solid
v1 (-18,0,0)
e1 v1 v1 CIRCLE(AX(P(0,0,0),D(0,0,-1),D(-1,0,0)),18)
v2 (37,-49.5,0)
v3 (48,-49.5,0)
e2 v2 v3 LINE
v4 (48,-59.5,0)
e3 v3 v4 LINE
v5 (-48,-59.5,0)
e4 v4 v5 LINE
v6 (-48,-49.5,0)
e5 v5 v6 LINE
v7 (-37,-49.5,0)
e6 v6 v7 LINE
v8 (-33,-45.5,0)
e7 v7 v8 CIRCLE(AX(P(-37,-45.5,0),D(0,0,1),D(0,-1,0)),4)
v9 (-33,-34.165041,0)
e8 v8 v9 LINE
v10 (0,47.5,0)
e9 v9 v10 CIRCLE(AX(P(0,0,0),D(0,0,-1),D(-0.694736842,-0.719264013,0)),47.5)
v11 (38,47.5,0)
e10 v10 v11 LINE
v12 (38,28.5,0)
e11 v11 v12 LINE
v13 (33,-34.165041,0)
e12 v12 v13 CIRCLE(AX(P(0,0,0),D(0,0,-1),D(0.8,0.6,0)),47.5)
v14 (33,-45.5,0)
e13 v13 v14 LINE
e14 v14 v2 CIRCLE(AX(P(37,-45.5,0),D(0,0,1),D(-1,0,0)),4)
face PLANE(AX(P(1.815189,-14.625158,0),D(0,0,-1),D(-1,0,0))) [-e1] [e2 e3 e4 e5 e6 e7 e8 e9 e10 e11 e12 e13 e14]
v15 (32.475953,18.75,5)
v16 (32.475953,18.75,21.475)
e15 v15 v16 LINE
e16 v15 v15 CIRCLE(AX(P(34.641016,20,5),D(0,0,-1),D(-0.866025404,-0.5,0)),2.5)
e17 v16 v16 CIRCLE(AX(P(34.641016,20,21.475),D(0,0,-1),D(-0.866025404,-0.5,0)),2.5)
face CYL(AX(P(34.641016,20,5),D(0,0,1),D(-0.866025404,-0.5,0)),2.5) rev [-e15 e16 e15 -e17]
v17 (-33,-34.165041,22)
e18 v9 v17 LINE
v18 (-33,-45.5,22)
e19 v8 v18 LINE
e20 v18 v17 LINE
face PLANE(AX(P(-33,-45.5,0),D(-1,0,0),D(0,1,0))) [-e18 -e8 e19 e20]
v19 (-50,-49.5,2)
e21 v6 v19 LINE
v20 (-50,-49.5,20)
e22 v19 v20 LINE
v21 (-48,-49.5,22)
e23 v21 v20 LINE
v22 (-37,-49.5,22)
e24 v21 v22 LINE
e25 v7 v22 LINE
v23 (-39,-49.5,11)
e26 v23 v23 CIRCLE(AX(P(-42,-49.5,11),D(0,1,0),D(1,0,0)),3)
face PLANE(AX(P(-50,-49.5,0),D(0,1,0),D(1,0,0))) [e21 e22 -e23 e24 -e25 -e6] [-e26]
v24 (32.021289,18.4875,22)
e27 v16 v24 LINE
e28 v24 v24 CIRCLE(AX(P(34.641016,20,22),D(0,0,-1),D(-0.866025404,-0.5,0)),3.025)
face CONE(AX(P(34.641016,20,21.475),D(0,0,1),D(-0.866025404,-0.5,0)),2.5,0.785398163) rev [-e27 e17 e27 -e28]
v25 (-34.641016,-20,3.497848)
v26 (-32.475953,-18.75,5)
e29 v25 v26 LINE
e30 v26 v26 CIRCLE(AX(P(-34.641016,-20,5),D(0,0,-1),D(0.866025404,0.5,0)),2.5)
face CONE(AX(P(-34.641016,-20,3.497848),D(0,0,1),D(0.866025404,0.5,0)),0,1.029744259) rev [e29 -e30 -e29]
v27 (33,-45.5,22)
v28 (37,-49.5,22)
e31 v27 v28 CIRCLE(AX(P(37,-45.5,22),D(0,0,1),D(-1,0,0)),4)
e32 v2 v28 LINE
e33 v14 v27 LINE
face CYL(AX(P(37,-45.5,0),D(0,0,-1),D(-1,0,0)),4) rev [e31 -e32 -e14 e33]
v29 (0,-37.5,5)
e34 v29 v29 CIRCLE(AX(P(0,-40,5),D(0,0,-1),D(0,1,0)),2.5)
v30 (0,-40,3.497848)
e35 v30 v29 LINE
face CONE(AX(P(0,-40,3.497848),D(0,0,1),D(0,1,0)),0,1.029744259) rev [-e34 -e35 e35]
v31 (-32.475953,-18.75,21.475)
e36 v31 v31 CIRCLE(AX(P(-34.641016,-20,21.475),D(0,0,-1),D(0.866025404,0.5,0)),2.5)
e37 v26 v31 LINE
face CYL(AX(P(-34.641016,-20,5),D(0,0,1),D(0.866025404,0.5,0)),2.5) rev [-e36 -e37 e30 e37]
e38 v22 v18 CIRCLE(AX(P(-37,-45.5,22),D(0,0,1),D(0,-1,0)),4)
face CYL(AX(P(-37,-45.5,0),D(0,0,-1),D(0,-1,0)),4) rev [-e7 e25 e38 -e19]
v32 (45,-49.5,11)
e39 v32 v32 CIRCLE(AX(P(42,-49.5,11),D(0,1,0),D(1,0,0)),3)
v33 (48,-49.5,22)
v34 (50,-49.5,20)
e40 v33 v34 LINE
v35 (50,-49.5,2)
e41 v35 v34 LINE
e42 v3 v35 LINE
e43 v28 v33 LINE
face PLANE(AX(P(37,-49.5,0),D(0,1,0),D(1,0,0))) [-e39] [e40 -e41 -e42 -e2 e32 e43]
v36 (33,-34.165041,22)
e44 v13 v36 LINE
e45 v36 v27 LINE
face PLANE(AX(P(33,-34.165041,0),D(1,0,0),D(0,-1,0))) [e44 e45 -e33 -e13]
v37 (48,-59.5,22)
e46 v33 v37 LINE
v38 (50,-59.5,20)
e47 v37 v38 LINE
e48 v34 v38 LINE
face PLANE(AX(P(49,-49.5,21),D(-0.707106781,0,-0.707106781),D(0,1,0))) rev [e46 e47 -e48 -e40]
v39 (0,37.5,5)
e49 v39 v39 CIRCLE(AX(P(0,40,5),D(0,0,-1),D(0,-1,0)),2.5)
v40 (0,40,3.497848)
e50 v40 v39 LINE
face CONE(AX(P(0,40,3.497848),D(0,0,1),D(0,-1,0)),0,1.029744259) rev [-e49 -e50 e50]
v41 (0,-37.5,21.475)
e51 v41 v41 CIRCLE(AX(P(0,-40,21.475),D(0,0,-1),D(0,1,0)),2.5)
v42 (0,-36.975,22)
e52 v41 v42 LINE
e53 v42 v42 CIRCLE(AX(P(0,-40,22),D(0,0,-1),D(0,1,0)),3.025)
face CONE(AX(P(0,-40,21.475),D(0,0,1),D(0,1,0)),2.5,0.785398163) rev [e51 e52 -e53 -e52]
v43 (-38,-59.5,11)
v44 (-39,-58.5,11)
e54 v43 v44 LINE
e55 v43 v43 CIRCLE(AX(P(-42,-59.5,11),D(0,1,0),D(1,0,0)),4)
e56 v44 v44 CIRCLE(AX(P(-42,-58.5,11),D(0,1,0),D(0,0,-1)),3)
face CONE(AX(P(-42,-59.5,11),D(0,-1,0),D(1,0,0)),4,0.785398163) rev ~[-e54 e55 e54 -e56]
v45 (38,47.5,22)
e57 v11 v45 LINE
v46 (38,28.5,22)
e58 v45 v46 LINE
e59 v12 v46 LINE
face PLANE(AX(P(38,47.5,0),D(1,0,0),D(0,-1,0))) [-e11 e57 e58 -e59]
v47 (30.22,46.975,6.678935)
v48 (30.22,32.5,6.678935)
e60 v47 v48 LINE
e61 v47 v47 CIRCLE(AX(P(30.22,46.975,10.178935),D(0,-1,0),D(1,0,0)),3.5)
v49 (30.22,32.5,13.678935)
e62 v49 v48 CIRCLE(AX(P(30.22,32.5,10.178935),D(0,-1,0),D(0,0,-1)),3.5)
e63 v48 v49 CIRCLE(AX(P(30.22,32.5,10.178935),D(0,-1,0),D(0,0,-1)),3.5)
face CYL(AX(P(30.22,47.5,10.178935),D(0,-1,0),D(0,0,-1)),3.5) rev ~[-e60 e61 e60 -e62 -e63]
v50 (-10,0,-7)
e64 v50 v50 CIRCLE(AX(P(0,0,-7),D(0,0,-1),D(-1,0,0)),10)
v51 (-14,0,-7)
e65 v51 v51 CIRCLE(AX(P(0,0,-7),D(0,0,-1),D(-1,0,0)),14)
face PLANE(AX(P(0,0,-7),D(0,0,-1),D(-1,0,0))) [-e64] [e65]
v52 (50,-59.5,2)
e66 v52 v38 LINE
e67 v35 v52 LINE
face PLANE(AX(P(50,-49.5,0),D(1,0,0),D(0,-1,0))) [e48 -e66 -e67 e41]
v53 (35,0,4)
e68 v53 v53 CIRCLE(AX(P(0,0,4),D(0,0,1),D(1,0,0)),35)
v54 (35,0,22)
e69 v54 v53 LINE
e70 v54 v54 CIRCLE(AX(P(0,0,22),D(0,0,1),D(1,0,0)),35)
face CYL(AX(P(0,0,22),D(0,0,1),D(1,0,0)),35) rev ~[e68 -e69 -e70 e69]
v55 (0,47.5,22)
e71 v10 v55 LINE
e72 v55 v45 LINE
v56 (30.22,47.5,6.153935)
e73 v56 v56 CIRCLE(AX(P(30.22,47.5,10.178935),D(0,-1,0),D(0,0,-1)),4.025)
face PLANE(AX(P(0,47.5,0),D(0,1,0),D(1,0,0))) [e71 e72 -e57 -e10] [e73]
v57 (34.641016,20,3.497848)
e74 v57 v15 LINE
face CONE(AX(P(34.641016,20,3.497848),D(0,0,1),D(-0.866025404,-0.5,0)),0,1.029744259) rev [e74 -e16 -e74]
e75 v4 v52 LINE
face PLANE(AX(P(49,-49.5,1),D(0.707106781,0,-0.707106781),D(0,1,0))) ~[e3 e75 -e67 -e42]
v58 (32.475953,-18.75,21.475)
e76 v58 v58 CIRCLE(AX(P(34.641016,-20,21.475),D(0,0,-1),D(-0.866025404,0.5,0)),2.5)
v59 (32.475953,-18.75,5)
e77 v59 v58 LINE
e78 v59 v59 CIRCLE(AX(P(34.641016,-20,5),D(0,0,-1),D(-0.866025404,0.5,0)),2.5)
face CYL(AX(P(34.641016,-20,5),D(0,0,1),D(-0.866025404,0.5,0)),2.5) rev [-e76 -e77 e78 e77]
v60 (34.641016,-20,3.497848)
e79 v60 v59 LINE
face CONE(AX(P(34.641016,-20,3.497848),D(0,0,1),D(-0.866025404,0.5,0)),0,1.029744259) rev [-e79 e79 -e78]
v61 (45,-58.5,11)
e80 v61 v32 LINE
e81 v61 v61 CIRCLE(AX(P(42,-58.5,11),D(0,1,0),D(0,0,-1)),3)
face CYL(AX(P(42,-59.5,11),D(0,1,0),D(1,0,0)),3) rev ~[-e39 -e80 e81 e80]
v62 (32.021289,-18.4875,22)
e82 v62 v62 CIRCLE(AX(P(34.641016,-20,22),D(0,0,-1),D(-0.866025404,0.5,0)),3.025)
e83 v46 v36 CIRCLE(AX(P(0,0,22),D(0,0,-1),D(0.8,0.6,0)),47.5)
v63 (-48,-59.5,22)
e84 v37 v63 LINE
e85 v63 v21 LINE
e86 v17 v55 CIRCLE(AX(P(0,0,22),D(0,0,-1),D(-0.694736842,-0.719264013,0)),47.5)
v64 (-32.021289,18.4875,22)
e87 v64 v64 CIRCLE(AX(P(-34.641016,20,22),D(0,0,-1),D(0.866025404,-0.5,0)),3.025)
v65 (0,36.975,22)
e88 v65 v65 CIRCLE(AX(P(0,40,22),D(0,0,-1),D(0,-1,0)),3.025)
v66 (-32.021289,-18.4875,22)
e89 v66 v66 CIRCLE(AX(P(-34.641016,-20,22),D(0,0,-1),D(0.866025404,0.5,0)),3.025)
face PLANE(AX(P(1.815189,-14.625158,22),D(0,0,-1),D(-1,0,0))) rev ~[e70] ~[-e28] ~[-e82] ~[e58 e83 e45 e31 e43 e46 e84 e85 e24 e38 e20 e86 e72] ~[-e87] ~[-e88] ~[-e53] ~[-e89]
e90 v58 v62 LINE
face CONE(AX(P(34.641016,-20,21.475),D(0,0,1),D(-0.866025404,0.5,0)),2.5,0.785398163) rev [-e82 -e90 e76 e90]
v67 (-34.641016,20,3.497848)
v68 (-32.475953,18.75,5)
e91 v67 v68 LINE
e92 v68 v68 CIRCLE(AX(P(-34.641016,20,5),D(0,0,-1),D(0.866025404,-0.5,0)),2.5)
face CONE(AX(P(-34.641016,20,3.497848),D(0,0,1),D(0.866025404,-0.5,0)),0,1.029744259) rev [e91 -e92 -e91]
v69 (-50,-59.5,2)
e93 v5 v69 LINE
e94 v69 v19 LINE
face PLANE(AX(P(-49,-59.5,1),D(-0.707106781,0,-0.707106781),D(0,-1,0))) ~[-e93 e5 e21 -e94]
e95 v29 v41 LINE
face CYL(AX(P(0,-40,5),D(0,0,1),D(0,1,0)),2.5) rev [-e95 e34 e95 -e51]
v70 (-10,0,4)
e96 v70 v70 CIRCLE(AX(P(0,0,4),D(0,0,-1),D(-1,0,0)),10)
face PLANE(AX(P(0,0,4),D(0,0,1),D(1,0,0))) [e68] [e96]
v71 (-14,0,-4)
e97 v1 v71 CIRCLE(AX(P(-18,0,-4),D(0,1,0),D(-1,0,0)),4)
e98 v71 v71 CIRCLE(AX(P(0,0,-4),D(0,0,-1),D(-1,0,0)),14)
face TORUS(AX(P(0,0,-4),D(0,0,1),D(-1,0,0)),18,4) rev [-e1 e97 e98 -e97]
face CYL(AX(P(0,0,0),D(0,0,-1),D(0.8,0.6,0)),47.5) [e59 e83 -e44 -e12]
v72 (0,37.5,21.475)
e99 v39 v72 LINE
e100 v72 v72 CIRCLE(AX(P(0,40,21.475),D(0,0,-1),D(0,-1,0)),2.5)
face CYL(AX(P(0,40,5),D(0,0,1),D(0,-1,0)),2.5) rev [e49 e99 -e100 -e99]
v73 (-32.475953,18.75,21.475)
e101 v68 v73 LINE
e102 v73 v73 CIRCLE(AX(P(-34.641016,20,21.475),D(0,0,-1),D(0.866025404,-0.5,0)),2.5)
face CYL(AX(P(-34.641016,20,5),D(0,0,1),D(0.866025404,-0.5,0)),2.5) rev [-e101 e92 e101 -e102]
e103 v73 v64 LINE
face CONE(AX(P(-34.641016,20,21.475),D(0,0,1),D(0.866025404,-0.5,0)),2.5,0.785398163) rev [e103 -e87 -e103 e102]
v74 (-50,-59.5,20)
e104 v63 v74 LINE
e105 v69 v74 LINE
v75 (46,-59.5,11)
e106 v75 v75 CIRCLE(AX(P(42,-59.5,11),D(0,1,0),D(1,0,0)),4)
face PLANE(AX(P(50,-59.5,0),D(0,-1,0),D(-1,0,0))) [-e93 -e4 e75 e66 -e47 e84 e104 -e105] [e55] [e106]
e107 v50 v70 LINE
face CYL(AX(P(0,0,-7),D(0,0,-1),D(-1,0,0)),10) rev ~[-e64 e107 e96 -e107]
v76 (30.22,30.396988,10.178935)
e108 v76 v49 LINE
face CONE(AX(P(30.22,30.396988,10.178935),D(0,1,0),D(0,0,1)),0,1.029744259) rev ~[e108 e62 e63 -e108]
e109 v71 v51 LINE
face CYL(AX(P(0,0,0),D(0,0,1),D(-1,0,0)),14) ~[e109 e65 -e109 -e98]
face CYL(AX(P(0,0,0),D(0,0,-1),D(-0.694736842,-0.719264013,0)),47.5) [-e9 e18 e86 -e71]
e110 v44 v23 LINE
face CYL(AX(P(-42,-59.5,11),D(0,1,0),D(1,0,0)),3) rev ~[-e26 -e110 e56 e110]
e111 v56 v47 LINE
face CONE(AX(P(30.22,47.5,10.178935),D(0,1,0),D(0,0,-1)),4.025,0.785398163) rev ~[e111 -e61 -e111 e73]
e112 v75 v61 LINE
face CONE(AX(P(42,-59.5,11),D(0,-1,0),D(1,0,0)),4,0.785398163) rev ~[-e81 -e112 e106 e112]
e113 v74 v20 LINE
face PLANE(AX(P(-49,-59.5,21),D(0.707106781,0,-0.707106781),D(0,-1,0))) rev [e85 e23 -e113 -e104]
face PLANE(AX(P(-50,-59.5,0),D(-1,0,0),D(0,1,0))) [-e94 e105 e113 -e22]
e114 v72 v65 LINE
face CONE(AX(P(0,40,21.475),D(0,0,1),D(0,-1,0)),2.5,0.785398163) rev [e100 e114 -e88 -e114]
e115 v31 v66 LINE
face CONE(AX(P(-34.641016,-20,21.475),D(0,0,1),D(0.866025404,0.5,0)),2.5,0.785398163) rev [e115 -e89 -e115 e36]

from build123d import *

# Parameters (mm, degrees)
BOSS_EXTRUDE2_DEPTH                                 = 22
SKETCH6_R                                           = 35
CUT_EXTRUDE2_DEPTH                                  = 18
CHAMFER2_SIZE                                       = 2
CIRPATTERN2_COUNT                                   = 6
M8X1_0_TAPPED_HOLE1_D                               = 7
M8X1_0_TAPPED_HOLE1_DEPTH                           = 15
M8X1_0_TAPPED_HOLE1_CSINK_D                         = 8.05
M8X1_0_TAPPED_HOLE1_CSINK_ANGLE                     = 90
M8X1_0_TAPPED_HOLE1_TIP                             = 2.103012167
CSK_FOR_M8_COUNTERSUNK_FLAT_HEAD_SCREW1_D           = 6
CSK_FOR_M8_COUNTERSUNK_FLAT_HEAD_SCREW1_DEPTH       = 20
CSK_FOR_M8_COUNTERSUNK_FLAT_HEAD_SCREW1_CSINK_D     = 8
CSK_FOR_M8_COUNTERSUNK_FLAT_HEAD_SCREW1_CSINK_ANGLE = 90
CSK_FOR_M8_COUNTERSUNK_FLAT_HEAD_SCREW1_TIP         = 1.802581857
SKETCH15_R                                          = 14
BOSS_EXTRUDE3_DEPTH                                 = 7
FILLET1_R                                           = 4
SKETCH16_R                                          = 10
CUT_EXTRUDE3_DEPTH                                  = 30


with BuildPart() as part:
    # Sketch1 → Boss-Extrude2 (new body)
    with BuildSketch(Plane.XY):
        with BuildLine():
            Line((0, 47.5), (38, 47.5))
            Line((38, 47.5), (38, 28.5))
            ThreePointArc((38, 28.5), (47.349517724, -3.777985082), (33, -34.165040612))
            Line((33, -34.165040612), (33, -45.5))
            ThreePointArc((33, -45.5), (34.171572875, -48.328427125), (37, -49.5))
            Line((37, -49.5), (50, -49.5))
            Line((50, -49.5), (50, -59.5))
            Line((50, -59.5), (-50, -59.5))
            Line((-50, -59.5), (-50, -49.5))
            Line((-50, -49.5), (-37, -49.5))
            ThreePointArc((-37, -49.5), (-34.171572875, -48.328427125), (-33, -45.5))
            Line((-33, -45.5), (-33, -34.165040612))
            ThreePointArc((-33, -34.165040612), (-44.040262426, 17.796215482), (0, 47.5))
        make_face()
    extrude(amount=BOSS_EXTRUDE2_DEPTH)

    # Sketch6 → Cut-Extrude2 (cut)
    with BuildSketch(Plane.XY.offset(22)):
        Circle(SKETCH6_R)
    extrude(amount=-CUT_EXTRUDE2_DEPTH, mode=Mode.SUBTRACT)

    # Chamfer2
    chamfer2_edges = [part.edges().sort_by_distance(p)[0] for p in [
        (50, -54.5, 0),
        (-50, -54.5, 0),
        (-50, -54.5, 22),
        (50, -54.5, 22),
    ]]
    chamfer(chamfer2_edges, length=CHAMFER2_SIZE)

    # Sketch8 → M6 Tapped Hole2 (revolve, cut)
    with BuildSketch(Plane(origin=(0, 40, 22), x_dir=(0, -1, 0), z_dir=(1, 0, 0))):
        Polygon((0, 0), (0, 18.502151548), (2.5, 17), (2.5, 0.525), (3.025, 0), align=None)
    m6_tapped_hole2 = revolve(axis=Axis((0, 40, 28.35), (0, 0, -1)), mode=Mode.SUBTRACT)

    # CirPattern2: M6 Tapped Hole2 ×6 about axis
    cirpattern2_axis = Axis((0, 0, 0), (0, 0, 1))
    for i in range(1, CIRPATTERN2_COUNT):
        add(m6_tapped_hole2.rotate(cirpattern2_axis, i * 360 / CIRPATTERN2_COUNT), mode=Mode.SUBTRACT)

    # M8x1.0 Tapped Hole1
    with Locations(Plane(origin=(30.22, 47.5, 10.178935138), x_dir=(0, 0, 1), z_dir=(0, 1, 0))):
        with Locations((0, 0)):
            CounterSinkHole(M8X1_0_TAPPED_HOLE1_D / 2, M8X1_0_TAPPED_HOLE1_CSINK_D / 2, depth=M8X1_0_TAPPED_HOLE1_DEPTH, counter_sink_angle=M8X1_0_TAPPED_HOLE1_CSINK_ANGLE)
            with Locations((0, 0, -(M8X1_0_TAPPED_HOLE1_DEPTH + M8X1_0_TAPPED_HOLE1_TIP / 2))):  # 118° drill point
                Cone(0, M8X1_0_TAPPED_HOLE1_D / 2, M8X1_0_TAPPED_HOLE1_TIP, mode=Mode.SUBTRACT)

    # CSK for M8 Countersunk Flat Head Screw1
    with Locations(Plane(origin=(-42, -59.5, 11), x_dir=(-1, 0, 0), z_dir=(0, -1, 0))):
        with Locations((0, 0), (-84, 0)):
            CounterSinkHole(CSK_FOR_M8_COUNTERSUNK_FLAT_HEAD_SCREW1_D / 2, CSK_FOR_M8_COUNTERSUNK_FLAT_HEAD_SCREW1_CSINK_D / 2, depth=CSK_FOR_M8_COUNTERSUNK_FLAT_HEAD_SCREW1_DEPTH, counter_sink_angle=CSK_FOR_M8_COUNTERSUNK_FLAT_HEAD_SCREW1_CSINK_ANGLE)
            with Locations((0, 0, -(CSK_FOR_M8_COUNTERSUNK_FLAT_HEAD_SCREW1_DEPTH + CSK_FOR_M8_COUNTERSUNK_FLAT_HEAD_SCREW1_TIP / 2))):  # 118° drill point
                Cone(0, CSK_FOR_M8_COUNTERSUNK_FLAT_HEAD_SCREW1_D / 2, CSK_FOR_M8_COUNTERSUNK_FLAT_HEAD_SCREW1_TIP, mode=Mode.SUBTRACT)

    # Sketch15 → Boss-Extrude3 (add)
    with BuildSketch(Plane(origin=(0, 0, 0), x_dir=(-1, 0, 0), z_dir=(0, 0, -1))):
        Circle(SKETCH15_R)
    extrude(amount=BOSS_EXTRUDE3_DEPTH)

    # Fillet1
    fillet1_edges = [part.edges().sort_by_distance(p)[0] for p in [
        (14, 0, 0),
    ]]
    fillet(fillet1_edges, radius=FILLET1_R)

    # Sketch16 → Cut-Extrude3 (cut, through all)
    with BuildSketch(Plane(origin=(0, 0, -7), x_dir=(-1, 0, 0), z_dir=(0, 0, -1))):
        Circle(SKETCH16_R)
    extrude(amount=-CUT_EXTRUDE3_DEPTH, mode=Mode.SUBTRACT)


solid = part.part
